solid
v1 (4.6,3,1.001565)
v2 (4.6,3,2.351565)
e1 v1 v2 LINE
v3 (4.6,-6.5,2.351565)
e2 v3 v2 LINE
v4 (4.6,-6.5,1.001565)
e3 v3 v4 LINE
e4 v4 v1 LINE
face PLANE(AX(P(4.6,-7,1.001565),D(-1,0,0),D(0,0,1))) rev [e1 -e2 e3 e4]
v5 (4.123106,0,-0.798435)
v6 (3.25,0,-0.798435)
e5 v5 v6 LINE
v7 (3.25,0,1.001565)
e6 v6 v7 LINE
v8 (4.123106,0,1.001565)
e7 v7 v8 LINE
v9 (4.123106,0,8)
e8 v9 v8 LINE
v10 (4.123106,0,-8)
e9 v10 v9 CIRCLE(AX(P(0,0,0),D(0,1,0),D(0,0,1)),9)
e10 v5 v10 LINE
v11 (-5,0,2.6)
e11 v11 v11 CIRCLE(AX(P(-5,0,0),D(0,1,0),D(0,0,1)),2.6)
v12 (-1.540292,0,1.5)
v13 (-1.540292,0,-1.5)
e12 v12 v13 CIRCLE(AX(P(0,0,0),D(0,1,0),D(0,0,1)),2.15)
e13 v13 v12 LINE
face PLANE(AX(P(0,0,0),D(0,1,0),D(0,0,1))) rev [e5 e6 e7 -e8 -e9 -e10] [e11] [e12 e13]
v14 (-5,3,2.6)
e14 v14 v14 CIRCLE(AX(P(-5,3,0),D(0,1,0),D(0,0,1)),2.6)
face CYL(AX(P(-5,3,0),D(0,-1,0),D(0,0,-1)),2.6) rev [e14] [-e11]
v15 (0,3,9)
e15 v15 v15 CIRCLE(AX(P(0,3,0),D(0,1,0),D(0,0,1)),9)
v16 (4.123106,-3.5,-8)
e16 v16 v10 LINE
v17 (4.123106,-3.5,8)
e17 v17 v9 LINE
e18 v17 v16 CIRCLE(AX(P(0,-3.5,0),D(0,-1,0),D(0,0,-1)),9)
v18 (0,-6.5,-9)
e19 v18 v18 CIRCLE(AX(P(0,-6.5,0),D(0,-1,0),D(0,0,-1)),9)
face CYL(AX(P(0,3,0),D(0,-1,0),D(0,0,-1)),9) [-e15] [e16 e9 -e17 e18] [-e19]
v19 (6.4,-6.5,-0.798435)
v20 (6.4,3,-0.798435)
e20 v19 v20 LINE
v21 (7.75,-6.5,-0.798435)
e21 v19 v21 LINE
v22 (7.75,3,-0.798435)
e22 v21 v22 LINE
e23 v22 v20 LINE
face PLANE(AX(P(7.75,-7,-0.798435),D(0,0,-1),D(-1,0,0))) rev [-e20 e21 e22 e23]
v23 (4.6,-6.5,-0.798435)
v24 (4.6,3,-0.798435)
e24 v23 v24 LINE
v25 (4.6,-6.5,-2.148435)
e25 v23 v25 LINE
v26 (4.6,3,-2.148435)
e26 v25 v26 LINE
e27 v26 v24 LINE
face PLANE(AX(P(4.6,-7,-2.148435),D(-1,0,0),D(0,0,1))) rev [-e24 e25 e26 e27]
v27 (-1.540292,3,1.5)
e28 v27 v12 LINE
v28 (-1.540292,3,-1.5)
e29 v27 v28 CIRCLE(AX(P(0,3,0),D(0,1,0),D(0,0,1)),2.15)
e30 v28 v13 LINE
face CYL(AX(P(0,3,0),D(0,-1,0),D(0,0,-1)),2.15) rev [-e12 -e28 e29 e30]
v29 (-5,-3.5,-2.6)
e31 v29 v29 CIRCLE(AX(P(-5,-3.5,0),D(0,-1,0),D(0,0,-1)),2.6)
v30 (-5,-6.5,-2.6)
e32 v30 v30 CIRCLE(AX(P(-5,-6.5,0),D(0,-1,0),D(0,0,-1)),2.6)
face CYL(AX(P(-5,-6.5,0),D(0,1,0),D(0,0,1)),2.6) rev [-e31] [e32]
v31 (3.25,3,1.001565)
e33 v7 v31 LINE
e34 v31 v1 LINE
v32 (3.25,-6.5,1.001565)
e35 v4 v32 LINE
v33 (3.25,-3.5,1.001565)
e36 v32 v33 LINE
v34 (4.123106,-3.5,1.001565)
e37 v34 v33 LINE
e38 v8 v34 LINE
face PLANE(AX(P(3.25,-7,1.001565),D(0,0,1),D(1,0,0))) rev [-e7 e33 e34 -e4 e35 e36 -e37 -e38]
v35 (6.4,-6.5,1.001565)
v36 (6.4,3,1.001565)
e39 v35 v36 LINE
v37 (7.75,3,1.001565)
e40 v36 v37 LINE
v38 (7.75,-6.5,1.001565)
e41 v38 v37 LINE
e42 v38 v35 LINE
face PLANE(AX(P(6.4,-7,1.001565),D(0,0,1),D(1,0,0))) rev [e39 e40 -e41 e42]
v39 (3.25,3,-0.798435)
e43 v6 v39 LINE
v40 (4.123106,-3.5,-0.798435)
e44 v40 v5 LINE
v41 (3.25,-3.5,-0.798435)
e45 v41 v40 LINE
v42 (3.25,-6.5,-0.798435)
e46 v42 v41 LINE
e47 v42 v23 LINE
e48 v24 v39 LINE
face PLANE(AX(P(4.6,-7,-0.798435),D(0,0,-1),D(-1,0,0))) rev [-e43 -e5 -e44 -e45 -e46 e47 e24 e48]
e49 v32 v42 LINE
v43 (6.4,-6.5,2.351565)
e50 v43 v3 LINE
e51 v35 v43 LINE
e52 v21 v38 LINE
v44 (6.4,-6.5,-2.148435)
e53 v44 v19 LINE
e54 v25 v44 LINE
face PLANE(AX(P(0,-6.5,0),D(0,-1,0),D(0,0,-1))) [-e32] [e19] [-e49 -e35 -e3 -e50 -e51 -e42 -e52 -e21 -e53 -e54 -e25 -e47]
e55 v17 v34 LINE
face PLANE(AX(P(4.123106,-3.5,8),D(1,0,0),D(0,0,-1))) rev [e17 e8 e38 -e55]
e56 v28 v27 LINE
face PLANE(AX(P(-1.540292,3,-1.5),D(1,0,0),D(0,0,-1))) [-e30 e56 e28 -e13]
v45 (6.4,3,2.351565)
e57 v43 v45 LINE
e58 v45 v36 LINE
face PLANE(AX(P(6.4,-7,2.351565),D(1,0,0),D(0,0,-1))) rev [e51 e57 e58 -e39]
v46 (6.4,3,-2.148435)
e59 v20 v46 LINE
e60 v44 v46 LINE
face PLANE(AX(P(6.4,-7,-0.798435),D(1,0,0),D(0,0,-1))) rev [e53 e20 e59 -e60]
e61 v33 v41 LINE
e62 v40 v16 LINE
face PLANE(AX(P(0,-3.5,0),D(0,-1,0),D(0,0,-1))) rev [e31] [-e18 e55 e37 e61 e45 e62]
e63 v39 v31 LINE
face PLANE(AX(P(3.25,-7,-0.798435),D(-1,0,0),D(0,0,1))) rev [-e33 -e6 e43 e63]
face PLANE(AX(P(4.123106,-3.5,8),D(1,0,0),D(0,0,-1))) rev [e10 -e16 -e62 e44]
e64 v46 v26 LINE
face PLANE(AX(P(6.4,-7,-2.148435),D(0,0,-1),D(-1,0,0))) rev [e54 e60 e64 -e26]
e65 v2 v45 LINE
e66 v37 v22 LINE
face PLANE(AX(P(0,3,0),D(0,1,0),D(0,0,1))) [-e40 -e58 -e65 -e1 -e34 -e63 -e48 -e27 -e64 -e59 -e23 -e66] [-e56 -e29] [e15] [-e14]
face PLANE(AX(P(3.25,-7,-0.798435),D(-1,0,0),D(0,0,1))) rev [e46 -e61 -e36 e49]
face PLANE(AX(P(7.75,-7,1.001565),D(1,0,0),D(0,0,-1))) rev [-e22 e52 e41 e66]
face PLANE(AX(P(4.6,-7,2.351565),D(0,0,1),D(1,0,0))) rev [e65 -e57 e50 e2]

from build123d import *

# Parameters (mm, degrees)
SKETCH1_R           = 9
SKETCH1_R_2         = 2.6
BOSS_EXTRUDE1_DEPTH = 3
BOSS_EXTRUDE2_DEPTH = 3.5
SKETCH4_R           = 2.6
BOSS_EXTRUDE3_DEPTH = 3
CUT_EXTRUDE1_DEPTH  = 10


with BuildPart() as part:
    # Sketch1 → Boss-Extrude1 (new body)
    with BuildSketch(Plane(origin=(0, 0, 0), x_dir=(1, 0, 0), z_dir=(0, 1, 0))):
        Circle(SKETCH1_R)
        with Locations((-5, 0)):
            Circle(SKETCH1_R_2, mode=Mode.SUBTRACT)
        with BuildLine():
            Line((-1.54029218, 1.5), (-1.54029218, -1.5))
            ThreePointArc((-1.54029218, -1.5), (2.15, 0), (-1.54029218, 1.5))
        make_face(mode=Mode.SUBTRACT)
    extrude(amount=BOSS_EXTRUDE1_DEPTH)

    # Sketch2 → Boss-Extrude2 (add)
    with BuildSketch(Plane.XZ):
        with BuildLine():
            Line((4.123105626, 8), (4.123105626, -8))
            ThreePointArc((4.123105626, -8), (9, 0), (4.123105626, 8))
        make_face()
    extrude(amount=BOSS_EXTRUDE2_DEPTH)

    # Sketch4 → Boss-Extrude3 (add)
    with BuildSketch(Plane.XZ.offset(3.5)):
        with BuildLine():
            ThreePointArc((4.123105626, 8), (-9, 0), (4.123105626, -8))
            ThreePointArc((4.123105626, -8), (9, 0), (4.123105626, 8))
        make_face()
        with Locations((-5, 0)):
            Circle(SKETCH4_R, mode=Mode.SUBTRACT)
    extrude(amount=BOSS_EXTRUDE3_DEPTH)

    # Sketch5 → Cut-Extrude1 (cut)
    with BuildSketch(Plane(origin=(0, 3, 0), x_dir=(1, 0, 0), z_dir=(0, 1, 0))):
        Polygon((3.25, 0.798435283), (3.25, -1.001564717), (4.6, -1.001564717), (4.6, -2.351564717), (6.4, -2.351564717), (6.4, -1.001564717), (7.75, -1.001564717), (7.75, 0.798435283), (6.4, 0.798435283), (6.4, 2.148435283), (4.6, 2.148435283), (4.6, 0.798435283), align=None)
    extrude(amount=-CUT_EXTRUDE1_DEPTH, mode=Mode.SUBTRACT)


solid = part.part
